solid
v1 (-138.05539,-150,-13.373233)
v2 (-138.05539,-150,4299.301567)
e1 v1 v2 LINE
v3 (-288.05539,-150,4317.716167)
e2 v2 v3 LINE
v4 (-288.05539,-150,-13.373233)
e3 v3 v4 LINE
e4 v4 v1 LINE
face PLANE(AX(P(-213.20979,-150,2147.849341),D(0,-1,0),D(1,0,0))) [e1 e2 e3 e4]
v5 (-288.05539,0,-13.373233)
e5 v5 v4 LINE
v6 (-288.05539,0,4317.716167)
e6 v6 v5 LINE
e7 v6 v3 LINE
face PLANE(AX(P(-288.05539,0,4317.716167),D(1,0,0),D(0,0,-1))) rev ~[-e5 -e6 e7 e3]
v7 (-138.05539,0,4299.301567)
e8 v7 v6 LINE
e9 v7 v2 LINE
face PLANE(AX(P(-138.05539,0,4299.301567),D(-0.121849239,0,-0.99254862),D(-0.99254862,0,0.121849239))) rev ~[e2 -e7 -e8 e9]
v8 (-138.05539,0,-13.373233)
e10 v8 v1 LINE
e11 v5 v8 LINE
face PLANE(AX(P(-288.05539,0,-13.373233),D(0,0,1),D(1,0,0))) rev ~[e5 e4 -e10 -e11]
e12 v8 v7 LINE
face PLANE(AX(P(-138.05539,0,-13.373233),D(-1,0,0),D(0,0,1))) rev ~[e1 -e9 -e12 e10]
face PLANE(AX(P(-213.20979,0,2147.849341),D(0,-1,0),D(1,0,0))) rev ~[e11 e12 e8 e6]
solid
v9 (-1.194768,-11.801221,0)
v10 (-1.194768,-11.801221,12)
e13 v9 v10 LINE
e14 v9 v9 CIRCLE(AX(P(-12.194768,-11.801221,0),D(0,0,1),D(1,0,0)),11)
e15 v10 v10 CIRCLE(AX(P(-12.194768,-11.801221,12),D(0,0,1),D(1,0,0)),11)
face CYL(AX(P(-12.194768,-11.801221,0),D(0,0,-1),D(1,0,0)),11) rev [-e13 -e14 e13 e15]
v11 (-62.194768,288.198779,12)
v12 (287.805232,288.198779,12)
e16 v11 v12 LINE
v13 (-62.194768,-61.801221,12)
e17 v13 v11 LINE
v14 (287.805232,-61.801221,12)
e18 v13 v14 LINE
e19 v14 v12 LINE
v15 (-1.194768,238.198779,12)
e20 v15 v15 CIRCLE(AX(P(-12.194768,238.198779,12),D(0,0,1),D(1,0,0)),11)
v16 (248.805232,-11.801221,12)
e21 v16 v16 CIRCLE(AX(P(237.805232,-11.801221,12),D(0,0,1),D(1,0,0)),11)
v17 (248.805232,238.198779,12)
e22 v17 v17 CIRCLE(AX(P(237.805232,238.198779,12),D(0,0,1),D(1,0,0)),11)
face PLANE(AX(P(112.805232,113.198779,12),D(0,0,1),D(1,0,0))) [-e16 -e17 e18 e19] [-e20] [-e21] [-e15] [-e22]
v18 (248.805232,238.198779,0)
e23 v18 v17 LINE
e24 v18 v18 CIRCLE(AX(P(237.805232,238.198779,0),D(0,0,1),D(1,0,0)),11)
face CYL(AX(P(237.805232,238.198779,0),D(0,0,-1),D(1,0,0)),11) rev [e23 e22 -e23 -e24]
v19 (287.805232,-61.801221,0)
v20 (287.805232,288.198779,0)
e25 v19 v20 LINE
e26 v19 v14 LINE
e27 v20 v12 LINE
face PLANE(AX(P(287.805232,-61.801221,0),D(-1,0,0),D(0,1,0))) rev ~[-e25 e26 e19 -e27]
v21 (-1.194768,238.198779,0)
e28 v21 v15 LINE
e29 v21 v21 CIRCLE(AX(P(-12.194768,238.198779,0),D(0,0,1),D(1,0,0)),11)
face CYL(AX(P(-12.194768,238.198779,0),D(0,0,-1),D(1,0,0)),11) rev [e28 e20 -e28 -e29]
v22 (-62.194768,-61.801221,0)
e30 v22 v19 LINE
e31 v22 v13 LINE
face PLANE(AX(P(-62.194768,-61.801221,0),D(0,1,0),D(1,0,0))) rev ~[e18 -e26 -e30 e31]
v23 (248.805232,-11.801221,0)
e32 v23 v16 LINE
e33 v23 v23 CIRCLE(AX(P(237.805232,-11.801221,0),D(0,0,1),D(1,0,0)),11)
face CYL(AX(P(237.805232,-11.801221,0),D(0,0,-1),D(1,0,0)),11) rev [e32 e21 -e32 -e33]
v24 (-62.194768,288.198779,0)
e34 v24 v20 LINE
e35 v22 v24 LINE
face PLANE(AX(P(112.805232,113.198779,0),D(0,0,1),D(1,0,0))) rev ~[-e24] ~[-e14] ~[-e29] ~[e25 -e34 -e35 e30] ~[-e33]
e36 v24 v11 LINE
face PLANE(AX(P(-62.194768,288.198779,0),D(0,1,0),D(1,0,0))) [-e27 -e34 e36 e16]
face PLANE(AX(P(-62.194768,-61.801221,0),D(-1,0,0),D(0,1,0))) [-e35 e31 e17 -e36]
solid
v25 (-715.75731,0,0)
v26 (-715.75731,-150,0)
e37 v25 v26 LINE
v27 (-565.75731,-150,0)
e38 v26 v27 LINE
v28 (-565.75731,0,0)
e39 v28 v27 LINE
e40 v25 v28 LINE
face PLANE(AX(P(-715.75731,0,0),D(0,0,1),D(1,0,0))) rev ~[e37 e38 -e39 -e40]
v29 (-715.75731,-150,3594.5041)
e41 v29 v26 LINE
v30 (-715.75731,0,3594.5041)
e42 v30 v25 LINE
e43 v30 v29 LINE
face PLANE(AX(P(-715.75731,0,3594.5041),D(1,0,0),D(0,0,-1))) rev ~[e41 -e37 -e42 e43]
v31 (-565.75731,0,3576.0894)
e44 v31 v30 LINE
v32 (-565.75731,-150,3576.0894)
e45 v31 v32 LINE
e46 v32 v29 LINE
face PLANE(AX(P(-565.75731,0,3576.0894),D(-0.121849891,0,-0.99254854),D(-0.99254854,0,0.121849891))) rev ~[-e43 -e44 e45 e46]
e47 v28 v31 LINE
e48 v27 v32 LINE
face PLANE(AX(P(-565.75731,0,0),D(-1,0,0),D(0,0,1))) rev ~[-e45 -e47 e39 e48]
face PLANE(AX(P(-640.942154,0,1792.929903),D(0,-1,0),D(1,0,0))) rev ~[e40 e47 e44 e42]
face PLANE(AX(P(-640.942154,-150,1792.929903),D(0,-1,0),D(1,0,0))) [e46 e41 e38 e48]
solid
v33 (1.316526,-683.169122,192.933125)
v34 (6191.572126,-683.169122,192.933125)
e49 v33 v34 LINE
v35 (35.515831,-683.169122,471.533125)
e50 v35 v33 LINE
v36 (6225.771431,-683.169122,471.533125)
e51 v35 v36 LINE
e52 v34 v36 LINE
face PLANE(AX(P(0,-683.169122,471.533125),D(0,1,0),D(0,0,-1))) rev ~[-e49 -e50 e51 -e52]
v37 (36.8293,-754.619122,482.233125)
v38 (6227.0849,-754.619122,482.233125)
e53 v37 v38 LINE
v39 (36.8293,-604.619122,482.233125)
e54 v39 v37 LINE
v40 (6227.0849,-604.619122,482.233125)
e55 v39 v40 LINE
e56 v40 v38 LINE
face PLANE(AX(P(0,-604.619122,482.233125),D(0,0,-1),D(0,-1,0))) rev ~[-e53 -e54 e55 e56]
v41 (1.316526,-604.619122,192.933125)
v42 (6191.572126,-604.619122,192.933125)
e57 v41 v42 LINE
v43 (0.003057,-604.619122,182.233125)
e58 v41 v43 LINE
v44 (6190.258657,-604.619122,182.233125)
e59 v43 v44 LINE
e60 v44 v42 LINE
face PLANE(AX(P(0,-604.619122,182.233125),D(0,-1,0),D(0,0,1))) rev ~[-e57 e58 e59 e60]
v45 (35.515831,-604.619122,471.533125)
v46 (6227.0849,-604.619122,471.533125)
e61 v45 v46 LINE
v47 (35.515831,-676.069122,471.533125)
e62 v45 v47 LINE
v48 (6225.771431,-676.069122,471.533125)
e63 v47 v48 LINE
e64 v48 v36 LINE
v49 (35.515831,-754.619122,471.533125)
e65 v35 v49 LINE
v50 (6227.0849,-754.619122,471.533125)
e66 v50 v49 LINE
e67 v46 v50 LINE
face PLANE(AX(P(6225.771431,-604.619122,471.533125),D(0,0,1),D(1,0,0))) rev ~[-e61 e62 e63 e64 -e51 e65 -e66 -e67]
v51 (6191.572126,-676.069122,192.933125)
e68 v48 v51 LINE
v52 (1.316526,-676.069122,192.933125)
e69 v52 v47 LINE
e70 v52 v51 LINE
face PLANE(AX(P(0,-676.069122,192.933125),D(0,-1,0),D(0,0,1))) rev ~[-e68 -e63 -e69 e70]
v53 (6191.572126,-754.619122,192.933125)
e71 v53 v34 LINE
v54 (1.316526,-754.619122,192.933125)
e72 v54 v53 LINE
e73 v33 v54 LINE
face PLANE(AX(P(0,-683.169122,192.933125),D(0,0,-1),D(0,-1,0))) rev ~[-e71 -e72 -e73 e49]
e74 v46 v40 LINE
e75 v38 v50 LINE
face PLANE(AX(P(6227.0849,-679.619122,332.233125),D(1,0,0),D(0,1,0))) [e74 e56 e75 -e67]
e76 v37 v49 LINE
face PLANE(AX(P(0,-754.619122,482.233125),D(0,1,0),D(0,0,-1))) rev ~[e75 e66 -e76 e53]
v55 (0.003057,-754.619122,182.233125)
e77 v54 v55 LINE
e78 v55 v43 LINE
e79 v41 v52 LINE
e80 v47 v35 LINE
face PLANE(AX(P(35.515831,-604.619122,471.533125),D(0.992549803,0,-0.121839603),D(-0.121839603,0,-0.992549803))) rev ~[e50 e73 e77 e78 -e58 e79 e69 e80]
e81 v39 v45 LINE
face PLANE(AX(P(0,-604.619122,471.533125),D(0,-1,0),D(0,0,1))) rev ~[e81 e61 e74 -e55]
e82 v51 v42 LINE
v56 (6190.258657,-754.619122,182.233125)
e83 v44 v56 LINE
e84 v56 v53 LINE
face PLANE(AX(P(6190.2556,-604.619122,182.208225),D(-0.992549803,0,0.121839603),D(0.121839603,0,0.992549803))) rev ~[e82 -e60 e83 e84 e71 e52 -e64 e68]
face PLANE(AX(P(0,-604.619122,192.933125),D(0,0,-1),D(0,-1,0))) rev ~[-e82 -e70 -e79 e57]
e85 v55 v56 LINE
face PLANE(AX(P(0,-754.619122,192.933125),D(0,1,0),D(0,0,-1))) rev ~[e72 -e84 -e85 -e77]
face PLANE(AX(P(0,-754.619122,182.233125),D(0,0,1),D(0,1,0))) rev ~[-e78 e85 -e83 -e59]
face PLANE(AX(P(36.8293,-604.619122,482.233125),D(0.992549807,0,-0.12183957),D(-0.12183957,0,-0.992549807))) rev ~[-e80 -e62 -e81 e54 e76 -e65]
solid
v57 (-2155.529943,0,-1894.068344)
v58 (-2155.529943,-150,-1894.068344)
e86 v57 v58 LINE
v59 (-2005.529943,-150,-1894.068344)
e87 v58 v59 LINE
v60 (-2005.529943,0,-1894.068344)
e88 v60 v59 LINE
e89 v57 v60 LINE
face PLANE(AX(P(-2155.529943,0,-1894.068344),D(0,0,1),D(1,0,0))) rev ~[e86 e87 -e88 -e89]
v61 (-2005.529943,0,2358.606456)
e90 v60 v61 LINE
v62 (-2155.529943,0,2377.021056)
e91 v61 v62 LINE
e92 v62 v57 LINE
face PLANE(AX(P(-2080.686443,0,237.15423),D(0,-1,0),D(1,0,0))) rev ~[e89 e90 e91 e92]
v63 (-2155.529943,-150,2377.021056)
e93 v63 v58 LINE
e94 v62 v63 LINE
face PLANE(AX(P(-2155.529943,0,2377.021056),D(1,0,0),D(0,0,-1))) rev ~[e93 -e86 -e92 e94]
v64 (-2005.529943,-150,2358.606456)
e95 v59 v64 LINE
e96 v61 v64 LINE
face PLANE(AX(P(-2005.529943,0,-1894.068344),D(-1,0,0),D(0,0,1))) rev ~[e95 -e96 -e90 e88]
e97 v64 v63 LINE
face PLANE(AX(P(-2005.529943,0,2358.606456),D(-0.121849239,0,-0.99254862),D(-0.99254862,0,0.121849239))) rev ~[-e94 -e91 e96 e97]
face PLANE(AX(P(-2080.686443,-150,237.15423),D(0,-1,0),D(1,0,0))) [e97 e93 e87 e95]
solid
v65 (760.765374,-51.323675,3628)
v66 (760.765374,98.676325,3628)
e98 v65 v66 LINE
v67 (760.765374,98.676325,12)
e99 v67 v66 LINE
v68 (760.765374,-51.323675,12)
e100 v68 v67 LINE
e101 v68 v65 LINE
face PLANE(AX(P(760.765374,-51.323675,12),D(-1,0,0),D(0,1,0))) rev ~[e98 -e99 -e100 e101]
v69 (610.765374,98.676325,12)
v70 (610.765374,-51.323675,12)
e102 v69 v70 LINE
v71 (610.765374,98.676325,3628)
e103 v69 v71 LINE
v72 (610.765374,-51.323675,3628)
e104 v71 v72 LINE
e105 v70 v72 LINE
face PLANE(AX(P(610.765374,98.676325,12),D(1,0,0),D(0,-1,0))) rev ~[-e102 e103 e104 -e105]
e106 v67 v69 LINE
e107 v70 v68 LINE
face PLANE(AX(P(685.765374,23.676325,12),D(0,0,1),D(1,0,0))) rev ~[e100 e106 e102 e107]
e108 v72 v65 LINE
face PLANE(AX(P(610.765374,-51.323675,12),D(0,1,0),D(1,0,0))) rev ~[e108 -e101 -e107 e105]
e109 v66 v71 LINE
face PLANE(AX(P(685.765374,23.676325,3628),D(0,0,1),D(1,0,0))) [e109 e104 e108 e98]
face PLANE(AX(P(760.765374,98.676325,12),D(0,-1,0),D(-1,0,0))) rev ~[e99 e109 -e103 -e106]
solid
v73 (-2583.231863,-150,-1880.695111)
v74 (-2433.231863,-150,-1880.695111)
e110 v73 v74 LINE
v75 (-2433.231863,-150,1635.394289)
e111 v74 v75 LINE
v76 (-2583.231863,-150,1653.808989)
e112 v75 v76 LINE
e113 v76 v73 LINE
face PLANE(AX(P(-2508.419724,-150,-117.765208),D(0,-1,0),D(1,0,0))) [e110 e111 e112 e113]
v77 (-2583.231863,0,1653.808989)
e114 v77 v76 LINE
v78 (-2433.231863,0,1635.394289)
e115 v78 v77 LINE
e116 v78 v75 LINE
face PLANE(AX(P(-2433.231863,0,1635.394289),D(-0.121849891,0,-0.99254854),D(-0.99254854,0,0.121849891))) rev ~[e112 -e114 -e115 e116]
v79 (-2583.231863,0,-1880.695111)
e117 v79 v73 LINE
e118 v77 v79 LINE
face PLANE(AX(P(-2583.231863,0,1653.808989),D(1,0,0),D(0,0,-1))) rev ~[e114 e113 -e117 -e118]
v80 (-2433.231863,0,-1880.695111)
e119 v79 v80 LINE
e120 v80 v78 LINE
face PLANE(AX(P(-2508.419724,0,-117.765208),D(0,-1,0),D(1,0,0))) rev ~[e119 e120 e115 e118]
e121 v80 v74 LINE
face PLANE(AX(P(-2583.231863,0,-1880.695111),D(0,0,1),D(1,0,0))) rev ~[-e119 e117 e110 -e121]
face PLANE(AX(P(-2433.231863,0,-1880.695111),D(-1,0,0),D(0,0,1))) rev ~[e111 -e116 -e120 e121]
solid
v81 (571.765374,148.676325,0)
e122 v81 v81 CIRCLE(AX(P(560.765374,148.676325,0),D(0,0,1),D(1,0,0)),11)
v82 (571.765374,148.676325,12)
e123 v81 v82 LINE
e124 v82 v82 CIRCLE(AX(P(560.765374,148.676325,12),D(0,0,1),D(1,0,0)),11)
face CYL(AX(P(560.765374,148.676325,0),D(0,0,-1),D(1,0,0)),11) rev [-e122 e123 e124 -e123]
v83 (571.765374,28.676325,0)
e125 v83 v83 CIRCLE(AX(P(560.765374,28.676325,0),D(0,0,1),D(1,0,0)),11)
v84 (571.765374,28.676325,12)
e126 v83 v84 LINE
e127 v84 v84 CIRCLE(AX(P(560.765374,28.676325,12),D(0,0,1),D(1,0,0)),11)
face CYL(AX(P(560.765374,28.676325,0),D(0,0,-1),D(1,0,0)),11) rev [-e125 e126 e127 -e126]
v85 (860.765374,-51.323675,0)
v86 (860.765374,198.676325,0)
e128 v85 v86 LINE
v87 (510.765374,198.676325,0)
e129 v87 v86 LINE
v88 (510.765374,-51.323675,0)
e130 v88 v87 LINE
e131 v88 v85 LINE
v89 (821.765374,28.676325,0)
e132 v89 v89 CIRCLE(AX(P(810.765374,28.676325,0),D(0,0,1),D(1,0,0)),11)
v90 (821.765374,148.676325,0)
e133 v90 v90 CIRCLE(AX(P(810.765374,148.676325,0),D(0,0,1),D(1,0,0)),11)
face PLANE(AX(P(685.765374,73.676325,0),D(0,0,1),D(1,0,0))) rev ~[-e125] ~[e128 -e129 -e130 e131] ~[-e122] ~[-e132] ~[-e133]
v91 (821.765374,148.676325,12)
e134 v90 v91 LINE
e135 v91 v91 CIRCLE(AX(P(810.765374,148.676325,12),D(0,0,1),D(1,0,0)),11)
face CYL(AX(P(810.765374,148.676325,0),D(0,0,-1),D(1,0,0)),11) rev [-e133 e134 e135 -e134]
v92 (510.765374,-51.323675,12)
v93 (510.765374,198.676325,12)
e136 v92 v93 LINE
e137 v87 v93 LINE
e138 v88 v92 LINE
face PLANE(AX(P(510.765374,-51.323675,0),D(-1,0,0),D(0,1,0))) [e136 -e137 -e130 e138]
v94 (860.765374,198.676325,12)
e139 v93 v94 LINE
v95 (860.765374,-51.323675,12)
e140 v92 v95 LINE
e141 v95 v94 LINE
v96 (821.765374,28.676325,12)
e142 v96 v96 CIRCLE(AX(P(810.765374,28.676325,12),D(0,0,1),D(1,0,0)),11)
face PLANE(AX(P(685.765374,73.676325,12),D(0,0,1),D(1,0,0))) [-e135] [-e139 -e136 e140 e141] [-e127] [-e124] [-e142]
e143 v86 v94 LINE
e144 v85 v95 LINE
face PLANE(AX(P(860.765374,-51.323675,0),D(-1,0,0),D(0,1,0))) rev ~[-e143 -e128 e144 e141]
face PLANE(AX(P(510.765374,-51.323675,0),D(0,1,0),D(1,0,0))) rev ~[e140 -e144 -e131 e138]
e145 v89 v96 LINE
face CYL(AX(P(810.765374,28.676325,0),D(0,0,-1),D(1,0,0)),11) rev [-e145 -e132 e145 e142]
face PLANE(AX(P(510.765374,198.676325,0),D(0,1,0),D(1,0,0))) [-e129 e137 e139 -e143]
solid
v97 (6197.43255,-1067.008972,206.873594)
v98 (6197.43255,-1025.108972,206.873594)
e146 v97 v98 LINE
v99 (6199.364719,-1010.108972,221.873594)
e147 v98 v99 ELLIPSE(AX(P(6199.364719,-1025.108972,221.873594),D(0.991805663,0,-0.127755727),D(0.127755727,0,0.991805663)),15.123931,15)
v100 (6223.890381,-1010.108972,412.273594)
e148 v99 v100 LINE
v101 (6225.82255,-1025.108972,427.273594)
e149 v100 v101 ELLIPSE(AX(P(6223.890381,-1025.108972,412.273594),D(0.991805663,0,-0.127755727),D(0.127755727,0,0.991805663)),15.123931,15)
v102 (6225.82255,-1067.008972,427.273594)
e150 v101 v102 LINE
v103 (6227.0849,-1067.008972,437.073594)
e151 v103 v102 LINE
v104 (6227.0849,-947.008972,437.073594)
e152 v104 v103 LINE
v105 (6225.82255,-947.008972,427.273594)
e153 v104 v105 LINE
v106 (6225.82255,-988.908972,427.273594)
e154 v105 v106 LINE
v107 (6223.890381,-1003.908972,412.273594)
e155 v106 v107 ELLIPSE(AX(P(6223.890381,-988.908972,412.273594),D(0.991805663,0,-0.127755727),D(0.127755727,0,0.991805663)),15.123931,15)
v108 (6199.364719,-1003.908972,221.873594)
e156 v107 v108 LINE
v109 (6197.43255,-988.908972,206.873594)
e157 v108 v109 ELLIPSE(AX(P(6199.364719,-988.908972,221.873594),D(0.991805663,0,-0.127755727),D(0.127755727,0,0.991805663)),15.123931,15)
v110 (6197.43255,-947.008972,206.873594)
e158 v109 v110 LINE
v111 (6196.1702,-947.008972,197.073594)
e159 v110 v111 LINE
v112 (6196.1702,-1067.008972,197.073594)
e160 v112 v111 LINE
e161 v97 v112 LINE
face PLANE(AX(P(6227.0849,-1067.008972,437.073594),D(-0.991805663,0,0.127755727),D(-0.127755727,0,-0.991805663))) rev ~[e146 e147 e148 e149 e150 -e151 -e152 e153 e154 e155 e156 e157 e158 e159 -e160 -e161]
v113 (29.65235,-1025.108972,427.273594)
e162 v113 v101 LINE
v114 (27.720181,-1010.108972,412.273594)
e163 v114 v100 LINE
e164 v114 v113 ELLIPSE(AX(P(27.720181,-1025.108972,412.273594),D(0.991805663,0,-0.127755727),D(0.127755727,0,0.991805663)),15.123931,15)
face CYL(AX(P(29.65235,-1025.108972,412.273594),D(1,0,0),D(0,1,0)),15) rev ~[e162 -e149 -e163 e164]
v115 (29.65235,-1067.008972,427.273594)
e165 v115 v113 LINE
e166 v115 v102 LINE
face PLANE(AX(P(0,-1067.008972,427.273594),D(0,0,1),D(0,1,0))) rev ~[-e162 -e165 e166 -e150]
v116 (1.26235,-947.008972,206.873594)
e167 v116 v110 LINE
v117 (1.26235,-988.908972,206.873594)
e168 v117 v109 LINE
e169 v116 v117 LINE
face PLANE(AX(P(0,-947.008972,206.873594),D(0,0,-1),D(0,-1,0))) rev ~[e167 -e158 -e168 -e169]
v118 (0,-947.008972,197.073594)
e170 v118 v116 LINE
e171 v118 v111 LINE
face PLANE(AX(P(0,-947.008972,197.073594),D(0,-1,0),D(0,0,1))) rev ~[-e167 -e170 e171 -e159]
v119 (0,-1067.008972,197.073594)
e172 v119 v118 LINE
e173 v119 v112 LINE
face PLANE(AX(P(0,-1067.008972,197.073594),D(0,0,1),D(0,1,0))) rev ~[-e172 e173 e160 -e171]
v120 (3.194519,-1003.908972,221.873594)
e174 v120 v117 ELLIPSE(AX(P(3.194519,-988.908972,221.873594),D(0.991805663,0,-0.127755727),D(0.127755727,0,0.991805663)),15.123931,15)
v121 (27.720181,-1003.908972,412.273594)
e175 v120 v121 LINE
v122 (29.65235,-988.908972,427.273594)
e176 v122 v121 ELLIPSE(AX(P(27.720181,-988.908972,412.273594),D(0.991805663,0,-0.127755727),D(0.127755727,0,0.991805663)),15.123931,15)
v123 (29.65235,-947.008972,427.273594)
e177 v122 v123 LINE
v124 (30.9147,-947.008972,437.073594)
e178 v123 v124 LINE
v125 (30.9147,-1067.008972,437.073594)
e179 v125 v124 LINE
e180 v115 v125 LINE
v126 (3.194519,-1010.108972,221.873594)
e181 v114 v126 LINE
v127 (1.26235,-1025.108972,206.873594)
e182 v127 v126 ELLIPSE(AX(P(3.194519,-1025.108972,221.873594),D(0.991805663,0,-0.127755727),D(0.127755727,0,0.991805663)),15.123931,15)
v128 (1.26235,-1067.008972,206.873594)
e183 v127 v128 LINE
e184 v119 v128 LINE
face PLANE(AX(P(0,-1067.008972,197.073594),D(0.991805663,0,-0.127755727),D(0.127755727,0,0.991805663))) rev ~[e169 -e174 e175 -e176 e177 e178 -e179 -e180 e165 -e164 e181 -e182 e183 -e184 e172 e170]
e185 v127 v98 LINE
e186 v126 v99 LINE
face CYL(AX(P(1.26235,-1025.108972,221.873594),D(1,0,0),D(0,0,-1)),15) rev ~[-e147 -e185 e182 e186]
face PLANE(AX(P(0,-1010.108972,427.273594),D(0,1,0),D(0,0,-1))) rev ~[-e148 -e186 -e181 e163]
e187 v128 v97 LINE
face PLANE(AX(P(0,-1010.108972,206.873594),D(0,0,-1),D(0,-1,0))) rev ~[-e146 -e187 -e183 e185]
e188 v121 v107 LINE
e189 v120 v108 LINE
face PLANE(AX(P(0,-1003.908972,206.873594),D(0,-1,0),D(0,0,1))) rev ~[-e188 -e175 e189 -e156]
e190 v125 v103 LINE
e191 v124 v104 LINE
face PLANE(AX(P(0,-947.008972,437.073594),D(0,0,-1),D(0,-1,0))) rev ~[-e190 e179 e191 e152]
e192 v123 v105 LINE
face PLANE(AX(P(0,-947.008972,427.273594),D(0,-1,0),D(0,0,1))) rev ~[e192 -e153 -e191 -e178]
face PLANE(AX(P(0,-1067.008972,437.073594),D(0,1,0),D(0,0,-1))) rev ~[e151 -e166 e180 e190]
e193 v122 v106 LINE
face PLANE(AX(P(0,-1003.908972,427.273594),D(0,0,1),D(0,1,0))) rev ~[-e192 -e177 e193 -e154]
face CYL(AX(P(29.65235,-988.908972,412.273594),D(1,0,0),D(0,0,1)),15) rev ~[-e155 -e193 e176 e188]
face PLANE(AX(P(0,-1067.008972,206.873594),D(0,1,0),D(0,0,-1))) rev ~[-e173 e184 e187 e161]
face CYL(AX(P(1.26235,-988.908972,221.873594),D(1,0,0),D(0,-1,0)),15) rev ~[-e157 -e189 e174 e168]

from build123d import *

# Parameters (mm, degrees)
F0_W      = 350
F0_H      = 350
F0_R      = 11
F0_H_2    = 250
F1_DEPTH  = 12
F3_DEPTH  = 150
F5_DEPTH  = 6227.0849
F7_DEPTH  = 120
F8_R      = 15
F10_DEPTH = 3616
F12_DEPTH = 150


with BuildPart() as f1:
    # F0 (on Top) → F1 (new body)
    with BuildSketch(Plane.XY):
        with Locations((112.805232, 113.198779)):
            Rectangle(F0_W, F0_H)
        with Locations((-12.194768, -11.801221)):
            Circle(F0_R, mode=Mode.SUBTRACT)
        with Locations((237.805232, -11.801221)):
            Circle(F0_R, mode=Mode.SUBTRACT)
        with Locations((-12.194768, 238.198779)):
            Circle(F0_R, mode=Mode.SUBTRACT)
        with Locations((237.805232, 238.198779)):
            Circle(F0_R, mode=Mode.SUBTRACT)
        with Locations((685.765374, 73.676325)):
            Rectangle(F0_W, F0_H_2)
        with Locations((560.765374, 28.676325)):
            Circle(F0_R, mode=Mode.SUBTRACT)
        with Locations((810.765374, 28.676325)):
            Circle(F0_R, mode=Mode.SUBTRACT)
        with Locations((560.765374, 148.676325)):
            Circle(F0_R, mode=Mode.SUBTRACT)
        with Locations((810.765374, 148.676325)):
            Circle(F0_R, mode=Mode.SUBTRACT)
    extrude(amount=F1_DEPTH)


with BuildPart() as f3:
    # F2 (on Front) → F3 (new body)
    with BuildSketch(Plane.XZ):
        Polygon((-715.75731, 3594.5041), (-715.75731, 0), (-565.75731, 0), (-565.75731, 3576.0894), align=None)
        Polygon((-288.05539, 4317.716167), (-288.05539, -13.373233), (-138.05539, -13.373233), (-138.05539, 4299.301567), align=None)
        Polygon((-2155.529943, 2377.021056), (-2155.529943, -1894.068344), (-2005.529943, -1894.068344), (-2005.529943, 2358.606456), align=None)
        Polygon((-2583.231863, 1653.808989), (-2583.231863, -1880.695111), (-2433.231863, -1880.695111), (-2433.231863, 1635.394289), align=None)
    extrude(amount=F3_DEPTH)


with BuildPart() as f5:
    # F4 (on Right) → F5 (new body)
    with BuildSketch(Plane.YZ):
        Polygon((-1067.008972, 206.873594), (-1067.008972, 197.073594), (-947.008972, 197.073594), (-947.008972, 206.873594), (-1003.908972, 206.873594), (-1003.908972, 211.873594), (-1003.908972, 427.273594), (-947.008972, 427.273594), (-947.008972, 437.073594), (-1067.008972, 437.073594), (-1067.008972, 427.273594), (-1010.108972, 427.273594), (-1010.108972, 211.873594), (-1010.108972, 206.873594), align=None)
        Polygon((-754.619122, 192.933125), (-754.619122, 182.233125), (-604.619122, 182.233125), (-604.619122, 192.933125), (-676.069122, 192.933125), (-676.069122, 471.533125), (-604.619122, 471.533125), (-604.619122, 482.233125), (-754.619122, 482.233125), (-754.619122, 471.533125), (-683.169122, 471.533125), (-683.169122, 192.933125), align=None)
    extrude(amount=F5_DEPTH)

    # F6 (on face) → F7 (cut)
    with BuildSketch(Plane.XZ.offset(1067.008972)):
        Polygon((0, 437.073594), (0, 197.073594), (30.9147, 437.073594), align=None)
        Polygon((6196.1702, 197.073594), (6227.0849, 197.073594), (6227.0849, 437.073594), align=None)
    extrude(amount=-F7_DEPTH, mode=Mode.SUBTRACT)

    # F8
    f8_edges = [f5.edges().sort_by_distance(p)[0] for p in [
        (3099.34745, -1010.108972, 206.873594),
        (3127.73745, -1010.108972, 427.273594),
        (3099.34745, -1003.908972, 206.873594),
        (3127.73745, -1003.908972, 427.273594),
    ]]
    fillet(f8_edges, radius=F8_R)

    # F11 (on face) → F12 (cut)
    with BuildSketch(Plane(origin=(0, -604.619122, 0), x_dir=(-1, 0, 0), z_dir=(0, 1, 0))):
        Polygon((-6190.2556, 182.208225), (-6225.771431, 471.533125), (-6227.0849, 471.533125), (-6227.0849, 182.208225), align=None)
        Polygon((-35.515831, 471.533125), (0, 182.208225), (0, 471.533125), align=None)
        Polygon((-35.515831, 471.533125), (0, 471.533125), (0, 482.233125), (-36.8293, 482.233125), align=None)
    extrude(amount=-F12_DEPTH, mode=Mode.SUBTRACT)


with BuildPart() as f10:
    # F9 (on face) → F10 (new body)
    with BuildSketch(Plane.XY.offset(12)):
        Polygon((760.765374, 98.676325), (685.765374, 98.676325), (610.765374, 98.676325), (610.765374, -51.323675), (760.765374, -51.323675), align=None)
    extrude(amount=F10_DEPTH)


solid = Compound([f1.part, f3.part, f5.part, f10.part])
